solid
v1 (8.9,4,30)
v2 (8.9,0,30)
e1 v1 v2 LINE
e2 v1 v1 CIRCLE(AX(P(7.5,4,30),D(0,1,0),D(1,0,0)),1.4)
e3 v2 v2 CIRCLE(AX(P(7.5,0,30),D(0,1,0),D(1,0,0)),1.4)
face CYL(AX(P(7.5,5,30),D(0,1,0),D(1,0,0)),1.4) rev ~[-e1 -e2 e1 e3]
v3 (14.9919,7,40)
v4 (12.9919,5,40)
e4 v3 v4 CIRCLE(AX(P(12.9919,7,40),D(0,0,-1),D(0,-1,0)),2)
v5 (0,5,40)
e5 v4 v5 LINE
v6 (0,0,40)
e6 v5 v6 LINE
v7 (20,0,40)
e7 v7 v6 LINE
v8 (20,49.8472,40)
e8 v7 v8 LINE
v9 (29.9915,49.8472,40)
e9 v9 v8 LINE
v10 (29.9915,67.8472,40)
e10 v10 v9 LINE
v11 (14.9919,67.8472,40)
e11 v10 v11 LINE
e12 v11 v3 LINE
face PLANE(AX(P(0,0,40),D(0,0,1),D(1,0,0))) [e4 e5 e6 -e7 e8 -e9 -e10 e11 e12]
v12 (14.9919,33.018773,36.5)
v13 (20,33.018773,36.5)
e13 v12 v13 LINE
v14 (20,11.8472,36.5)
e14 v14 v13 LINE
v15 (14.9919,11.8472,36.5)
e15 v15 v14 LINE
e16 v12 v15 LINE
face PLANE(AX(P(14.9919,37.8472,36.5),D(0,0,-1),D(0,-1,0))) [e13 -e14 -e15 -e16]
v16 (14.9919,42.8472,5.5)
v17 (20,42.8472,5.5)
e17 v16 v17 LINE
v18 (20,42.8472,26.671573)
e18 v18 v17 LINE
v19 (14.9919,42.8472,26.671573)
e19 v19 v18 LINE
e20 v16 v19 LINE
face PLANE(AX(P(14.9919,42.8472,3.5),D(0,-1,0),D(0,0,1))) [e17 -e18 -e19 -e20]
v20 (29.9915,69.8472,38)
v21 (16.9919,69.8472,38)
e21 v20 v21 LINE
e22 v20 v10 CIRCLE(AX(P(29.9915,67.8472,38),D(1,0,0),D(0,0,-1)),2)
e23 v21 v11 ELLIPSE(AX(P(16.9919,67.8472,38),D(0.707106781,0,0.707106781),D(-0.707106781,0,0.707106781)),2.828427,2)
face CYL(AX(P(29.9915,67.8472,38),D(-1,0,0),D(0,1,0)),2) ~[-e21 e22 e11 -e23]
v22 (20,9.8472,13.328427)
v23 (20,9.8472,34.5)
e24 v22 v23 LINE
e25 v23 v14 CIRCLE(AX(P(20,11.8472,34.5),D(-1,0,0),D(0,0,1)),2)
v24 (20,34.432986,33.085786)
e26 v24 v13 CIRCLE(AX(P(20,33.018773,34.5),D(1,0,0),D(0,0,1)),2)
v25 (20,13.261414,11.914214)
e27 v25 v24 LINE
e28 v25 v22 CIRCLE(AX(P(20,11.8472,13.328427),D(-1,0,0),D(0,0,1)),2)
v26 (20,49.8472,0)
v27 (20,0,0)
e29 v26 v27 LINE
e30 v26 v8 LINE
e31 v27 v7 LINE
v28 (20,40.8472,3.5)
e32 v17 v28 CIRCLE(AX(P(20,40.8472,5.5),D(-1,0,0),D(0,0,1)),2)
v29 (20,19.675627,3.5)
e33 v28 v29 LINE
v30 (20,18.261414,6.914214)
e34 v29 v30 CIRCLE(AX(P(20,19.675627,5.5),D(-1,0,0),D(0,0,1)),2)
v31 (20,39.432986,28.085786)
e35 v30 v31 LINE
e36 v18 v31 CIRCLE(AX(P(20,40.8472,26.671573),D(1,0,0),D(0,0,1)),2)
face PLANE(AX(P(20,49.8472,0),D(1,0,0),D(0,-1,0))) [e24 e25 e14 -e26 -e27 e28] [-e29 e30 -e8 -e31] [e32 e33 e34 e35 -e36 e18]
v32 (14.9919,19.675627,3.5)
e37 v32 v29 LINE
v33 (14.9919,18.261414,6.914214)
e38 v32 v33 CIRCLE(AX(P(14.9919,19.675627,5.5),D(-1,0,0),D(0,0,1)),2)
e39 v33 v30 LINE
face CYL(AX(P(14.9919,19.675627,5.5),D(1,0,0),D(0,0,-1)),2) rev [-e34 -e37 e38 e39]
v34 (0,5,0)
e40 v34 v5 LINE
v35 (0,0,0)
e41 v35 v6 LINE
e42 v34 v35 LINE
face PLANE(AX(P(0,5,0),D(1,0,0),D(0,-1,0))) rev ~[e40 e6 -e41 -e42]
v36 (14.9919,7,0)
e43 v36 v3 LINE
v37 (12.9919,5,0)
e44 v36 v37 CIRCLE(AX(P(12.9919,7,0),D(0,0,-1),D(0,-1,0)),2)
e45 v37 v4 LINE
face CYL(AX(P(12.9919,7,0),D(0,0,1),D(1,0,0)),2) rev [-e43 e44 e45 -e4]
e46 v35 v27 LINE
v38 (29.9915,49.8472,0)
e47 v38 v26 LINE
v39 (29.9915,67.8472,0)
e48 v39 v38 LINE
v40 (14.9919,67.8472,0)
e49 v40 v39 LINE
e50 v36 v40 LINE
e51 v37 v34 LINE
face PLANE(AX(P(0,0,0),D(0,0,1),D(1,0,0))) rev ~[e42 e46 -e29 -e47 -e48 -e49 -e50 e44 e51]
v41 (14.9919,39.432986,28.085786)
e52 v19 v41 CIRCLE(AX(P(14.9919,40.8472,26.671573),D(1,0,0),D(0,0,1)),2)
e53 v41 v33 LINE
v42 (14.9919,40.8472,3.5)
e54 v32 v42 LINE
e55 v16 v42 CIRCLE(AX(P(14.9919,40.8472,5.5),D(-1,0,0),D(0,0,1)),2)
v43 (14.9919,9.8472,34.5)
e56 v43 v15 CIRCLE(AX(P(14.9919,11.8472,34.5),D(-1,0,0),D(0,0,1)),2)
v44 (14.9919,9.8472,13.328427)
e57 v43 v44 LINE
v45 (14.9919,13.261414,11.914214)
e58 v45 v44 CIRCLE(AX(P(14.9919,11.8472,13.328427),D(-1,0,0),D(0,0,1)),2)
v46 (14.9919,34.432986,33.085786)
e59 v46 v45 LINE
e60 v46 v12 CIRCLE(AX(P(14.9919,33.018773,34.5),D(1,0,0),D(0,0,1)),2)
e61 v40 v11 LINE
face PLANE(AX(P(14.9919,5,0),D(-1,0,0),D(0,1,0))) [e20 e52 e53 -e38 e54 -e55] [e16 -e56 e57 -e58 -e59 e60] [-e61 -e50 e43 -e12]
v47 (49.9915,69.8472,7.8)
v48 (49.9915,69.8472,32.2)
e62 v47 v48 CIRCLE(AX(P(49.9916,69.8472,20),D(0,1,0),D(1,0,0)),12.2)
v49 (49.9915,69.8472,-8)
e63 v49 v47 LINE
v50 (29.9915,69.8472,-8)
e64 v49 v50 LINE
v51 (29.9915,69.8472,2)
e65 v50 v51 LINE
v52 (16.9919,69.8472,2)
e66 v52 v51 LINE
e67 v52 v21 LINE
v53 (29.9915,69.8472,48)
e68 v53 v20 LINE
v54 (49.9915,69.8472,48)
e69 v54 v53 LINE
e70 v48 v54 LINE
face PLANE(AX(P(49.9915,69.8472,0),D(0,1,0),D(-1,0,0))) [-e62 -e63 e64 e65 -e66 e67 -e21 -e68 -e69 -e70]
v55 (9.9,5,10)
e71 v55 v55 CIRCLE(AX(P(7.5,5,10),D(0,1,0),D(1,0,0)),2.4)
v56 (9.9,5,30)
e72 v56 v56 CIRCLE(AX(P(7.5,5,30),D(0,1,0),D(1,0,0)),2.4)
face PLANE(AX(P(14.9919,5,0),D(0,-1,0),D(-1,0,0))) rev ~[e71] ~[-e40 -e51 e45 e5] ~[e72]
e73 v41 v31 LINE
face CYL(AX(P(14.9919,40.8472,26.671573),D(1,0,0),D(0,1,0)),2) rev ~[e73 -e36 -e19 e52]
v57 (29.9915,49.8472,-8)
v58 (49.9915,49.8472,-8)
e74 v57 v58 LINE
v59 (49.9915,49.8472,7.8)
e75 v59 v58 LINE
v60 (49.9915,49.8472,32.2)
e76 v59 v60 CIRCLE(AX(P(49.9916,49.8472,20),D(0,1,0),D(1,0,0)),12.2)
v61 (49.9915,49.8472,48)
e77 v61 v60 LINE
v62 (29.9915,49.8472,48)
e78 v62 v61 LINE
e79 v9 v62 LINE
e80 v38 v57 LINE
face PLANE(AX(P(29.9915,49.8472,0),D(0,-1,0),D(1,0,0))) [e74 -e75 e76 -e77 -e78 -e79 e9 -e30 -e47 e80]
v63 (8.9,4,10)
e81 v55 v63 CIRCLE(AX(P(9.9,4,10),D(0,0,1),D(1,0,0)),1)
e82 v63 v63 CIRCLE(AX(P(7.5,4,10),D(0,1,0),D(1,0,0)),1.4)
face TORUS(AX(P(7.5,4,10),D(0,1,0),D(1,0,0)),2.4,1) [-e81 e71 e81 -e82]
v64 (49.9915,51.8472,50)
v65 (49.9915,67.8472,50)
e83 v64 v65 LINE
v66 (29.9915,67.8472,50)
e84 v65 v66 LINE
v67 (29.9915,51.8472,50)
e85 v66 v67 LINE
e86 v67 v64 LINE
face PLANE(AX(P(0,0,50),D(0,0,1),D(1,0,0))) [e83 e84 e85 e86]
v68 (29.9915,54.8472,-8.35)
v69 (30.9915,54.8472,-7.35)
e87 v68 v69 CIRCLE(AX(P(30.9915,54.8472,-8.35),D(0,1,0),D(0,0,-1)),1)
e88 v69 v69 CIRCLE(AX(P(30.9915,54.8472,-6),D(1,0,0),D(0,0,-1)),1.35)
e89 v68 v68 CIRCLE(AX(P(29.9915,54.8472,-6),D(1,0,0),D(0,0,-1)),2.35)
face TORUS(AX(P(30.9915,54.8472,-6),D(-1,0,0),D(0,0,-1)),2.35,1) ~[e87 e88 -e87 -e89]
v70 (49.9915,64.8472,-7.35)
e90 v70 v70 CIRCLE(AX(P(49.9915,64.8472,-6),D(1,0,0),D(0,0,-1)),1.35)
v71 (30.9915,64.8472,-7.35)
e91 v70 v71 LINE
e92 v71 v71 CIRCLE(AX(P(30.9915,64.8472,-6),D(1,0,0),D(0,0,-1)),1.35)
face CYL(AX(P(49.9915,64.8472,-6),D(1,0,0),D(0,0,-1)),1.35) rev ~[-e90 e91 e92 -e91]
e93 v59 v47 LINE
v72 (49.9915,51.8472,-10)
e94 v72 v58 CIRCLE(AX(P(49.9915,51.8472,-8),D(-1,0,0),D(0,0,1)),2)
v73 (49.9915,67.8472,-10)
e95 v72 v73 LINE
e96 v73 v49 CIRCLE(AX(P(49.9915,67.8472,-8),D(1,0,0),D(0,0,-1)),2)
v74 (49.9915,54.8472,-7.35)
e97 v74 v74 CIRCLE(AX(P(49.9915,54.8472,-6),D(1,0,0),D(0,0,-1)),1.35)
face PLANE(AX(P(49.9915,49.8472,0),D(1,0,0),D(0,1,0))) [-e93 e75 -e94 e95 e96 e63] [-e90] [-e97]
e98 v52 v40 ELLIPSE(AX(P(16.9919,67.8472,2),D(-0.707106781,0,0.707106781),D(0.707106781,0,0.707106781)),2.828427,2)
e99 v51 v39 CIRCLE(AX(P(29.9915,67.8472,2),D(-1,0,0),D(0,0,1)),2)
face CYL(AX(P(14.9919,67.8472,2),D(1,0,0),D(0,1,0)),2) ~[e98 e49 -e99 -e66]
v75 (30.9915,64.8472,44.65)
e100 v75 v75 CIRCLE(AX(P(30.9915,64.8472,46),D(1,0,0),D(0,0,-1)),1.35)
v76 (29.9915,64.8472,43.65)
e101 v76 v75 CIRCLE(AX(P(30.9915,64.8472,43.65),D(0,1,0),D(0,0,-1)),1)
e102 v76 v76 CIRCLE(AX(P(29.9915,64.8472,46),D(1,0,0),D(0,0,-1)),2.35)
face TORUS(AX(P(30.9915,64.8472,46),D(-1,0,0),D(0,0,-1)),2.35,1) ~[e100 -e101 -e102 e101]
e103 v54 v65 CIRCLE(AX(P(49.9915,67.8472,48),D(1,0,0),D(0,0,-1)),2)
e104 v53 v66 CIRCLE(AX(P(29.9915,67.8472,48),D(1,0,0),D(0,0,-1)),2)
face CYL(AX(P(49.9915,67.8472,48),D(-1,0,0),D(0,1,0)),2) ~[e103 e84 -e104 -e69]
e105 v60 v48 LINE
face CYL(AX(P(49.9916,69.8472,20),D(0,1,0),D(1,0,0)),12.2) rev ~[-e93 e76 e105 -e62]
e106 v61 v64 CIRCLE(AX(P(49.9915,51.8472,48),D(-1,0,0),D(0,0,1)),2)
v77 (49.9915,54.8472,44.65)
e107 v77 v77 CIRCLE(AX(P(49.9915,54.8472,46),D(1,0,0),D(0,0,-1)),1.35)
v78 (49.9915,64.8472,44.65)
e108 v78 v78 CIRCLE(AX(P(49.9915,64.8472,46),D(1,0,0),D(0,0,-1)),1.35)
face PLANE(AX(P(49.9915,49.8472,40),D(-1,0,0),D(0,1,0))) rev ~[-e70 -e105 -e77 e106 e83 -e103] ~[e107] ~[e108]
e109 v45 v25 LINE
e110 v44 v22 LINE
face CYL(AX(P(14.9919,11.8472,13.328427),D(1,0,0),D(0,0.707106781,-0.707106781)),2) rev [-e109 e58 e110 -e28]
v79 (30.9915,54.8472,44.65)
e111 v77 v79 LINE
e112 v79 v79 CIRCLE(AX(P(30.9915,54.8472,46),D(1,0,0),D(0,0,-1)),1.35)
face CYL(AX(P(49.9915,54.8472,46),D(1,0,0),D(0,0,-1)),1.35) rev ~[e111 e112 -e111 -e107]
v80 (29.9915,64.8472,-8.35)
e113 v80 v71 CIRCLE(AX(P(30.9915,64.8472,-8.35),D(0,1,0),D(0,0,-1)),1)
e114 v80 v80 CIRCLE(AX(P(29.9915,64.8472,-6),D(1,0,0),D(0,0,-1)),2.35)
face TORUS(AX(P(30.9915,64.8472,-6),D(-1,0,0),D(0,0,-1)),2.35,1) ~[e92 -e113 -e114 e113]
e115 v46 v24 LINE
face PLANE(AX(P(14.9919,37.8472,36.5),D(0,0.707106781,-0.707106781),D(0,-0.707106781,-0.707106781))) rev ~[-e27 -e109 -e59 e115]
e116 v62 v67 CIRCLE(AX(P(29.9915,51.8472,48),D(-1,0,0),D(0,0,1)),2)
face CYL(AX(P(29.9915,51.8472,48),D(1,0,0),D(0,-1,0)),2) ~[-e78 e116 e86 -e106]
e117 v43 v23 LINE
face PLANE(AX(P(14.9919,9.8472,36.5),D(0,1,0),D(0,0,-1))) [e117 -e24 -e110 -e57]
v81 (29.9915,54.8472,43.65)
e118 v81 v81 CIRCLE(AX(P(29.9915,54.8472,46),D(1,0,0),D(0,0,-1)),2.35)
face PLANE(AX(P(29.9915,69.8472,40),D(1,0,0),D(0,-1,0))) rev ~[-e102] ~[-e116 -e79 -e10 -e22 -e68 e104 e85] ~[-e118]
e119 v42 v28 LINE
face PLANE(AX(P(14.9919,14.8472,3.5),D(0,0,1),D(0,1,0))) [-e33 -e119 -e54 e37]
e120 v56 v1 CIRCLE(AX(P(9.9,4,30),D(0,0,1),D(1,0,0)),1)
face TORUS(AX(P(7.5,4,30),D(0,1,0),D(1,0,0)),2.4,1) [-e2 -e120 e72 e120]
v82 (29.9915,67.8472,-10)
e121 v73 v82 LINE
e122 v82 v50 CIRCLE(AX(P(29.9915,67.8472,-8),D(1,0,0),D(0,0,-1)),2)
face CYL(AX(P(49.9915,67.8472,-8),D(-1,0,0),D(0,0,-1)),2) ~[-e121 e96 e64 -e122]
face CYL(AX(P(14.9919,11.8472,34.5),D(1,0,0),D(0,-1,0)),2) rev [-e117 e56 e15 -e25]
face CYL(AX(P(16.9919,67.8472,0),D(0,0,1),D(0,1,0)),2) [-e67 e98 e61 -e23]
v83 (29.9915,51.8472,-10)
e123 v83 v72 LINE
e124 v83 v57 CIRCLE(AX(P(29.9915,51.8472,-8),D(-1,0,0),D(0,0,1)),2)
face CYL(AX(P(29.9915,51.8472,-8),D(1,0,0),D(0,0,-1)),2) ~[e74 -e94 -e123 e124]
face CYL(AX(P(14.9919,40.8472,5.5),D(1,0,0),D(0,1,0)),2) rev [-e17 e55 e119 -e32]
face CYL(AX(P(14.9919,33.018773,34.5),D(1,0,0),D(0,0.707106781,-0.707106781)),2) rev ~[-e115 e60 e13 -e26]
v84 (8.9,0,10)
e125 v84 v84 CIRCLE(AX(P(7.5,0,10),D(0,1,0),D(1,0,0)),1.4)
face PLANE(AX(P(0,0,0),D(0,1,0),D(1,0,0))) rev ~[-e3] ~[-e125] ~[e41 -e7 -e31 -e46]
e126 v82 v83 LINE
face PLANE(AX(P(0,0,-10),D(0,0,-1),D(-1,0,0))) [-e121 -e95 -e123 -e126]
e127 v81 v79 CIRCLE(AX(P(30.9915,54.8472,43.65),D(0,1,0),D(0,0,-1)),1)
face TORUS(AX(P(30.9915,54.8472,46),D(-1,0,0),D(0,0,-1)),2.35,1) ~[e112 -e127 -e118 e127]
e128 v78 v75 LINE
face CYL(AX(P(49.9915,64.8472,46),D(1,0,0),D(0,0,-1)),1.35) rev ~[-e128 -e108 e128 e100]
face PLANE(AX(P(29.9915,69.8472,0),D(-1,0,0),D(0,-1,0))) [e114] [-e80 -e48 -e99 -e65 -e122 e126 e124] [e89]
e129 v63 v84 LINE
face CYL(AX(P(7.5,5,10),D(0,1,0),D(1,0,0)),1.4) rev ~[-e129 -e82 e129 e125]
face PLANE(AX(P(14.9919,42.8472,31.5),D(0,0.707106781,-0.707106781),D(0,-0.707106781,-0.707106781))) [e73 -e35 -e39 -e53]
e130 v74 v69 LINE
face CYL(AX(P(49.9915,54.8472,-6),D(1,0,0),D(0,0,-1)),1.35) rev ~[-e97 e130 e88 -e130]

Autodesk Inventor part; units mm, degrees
ref_plane "YZ Plane" through (0, 0, 0) normal (1, 0, 0) x (0, 1, 0)
ref_plane "XZ Plane" through (0, 0, 0) normal (0, 1, 0) x (-1, 0, 0)
ref_plane "XY Plane" through (0, 0, 0) normal (0, 0, 1) x (1, 0, 0)
sketch "Sketch1" plane through (0, 0, 0) normal (0, 0, 1) x (1, 0, 0)
  line L0 (0, 0) -> (20, 0)
  line L1 (20, 0) -> (20, 5)
  line L2 (14.9919, 5) -> (0, 5)
  line L3 (0, 5) -> (0, 0)
  line L4 (20, 0) -> (10.3687, 0)
  line L5 (14.9919, 5) -> (14.9919, 69.8472)
  line L6 (14.9919, 69.8472) -> (24.9919, 69.8472)
  line L7 (20, 49.8472) -> (20, 0)
  line L8 (14.9919, 69.8472) -> (49.9915, 69.8472)
  line L9 (49.9915, 69.8472) -> (49.9915, 49.8472)
  line L10 (49.9915, 49.8472) -> (20, 49.8472)
  line L11 (14.9919, 50) -> (14.9919, 69.8472)
  dimension "d0" = 20
  dimension "d1" = 5
  dimension "d2" = 10
  dimension "d4" = 35
  dimension "d5" = 20
  dimension "d37" = 64.8472
  dimension "d38" = 49.8472
extrude "Extrusion1" add sketch "Sketch1" along normal blind 40
sketch "Sketch2" plane through (14.9919, 69.8472, 0) normal (0, 1, 0) x (1, 0, 0)
  line L0 (34.9997, 0) -> (34.9997, -40) projected
  circle A0 centre (34.9997, -20) radius 12.2
  point P0 (-14.9919, 0)
  point P1 (34.9997, -32.2)
  point P2 (34.9997, -7.8)
  dimension "d8" = 24.4
extrude "Extrusion2" cut sketch "Sketch2" against normal blind 30 contours L0 A0 picked at (30.3566, -23.0439)
sketch "Sketch4" plane through (0, 0, 40) normal (0, 0, 1) x (1, 0, 0)
  line L0 (49.9915, 69.8472) -> (14.9919, 69.8472) projected
  line L1 (49.9915, 69.8472) -> (29.9915, 69.8472)
  line L2 (29.9915, 69.8472) -> (29.9915, 49.8472)
  line L3 (29.9915, 49.8472) -> (49.9915, 49.8472)
  line L4 (49.9915, 49.8472) -> (49.9915, 69.8472)
  point P0 (0, 0)
  dimension "d17" = 20
  dimension "d18" = 20
extrude "Extrusion4" add sketch "Sketch4" along normal blind 10
sketch "Sketch5" plane through (0, 0, 0) normal (0, 0, -1) x (-1, 0, 0)
  line L0 (-49.9915, 49.8472) -> (-49.9915, 69.8472) projected
  line L1 (-49.9915, 69.8472) -> (-29.9915, 69.8472)
  line L2 (-29.9915, 69.8472) -> (-29.9915, 49.8472)
  line L3 (-29.9915, 49.8472) -> (-49.9915, 49.8472)
  line L4 (-49.9915, 49.8472) -> (-49.9915, 69.8472)
  point P0 (0, 0)
  dimension "d21" = 20
  dimension "d22" = 20
extrude "Extrusion5" add sketch "Sketch5" along normal blind 10
sketch "Sketch6" plane through (49.9915, 49.8472, 32.2) normal (1, 0, 0) x (0, 0, -1)
  circle A0 centre (-13.8, 15) radius 1.35
  line L0 (-17.8, 0) -> (-17.8, 20) projected
  line L1 (0, 20) -> (-17.8, 20) projected
  line L2 (-17.8, 10) -> (42.2, 10)
  line L3 (42.2, 0) -> (42.2, 20) projected
  circle A1 centre (-13.8, 5) radius 1.35
  line L4 (32.2, 20) -> (-7.8, 20) projected
  line L5 (12.2, 20) -> (12.2, 0)
  line L6 (32.2, 0) -> (-7.8, 0) projected
  circle A2 centre (38.2, 15) radius 1.35
  circle A3 centre (38.2, 5) radius 1.35
  point P0 (32.2, -49.8472)
  dimension "d25" = 2.7
  dimension "d26" = 4
  dimension "d27" = 5
extrude "Extrusion6" cut sketch "Sketch6" against normal through all contours A0 | A1 | A2 | A3
sketch "Sketch7" plane through (0, 5, 0) normal (0, 1, 0) x (1, 0, 0)
  circle A0 centre (7.5, -30) radius 1.4
  line L0 (0, 0) -> (0, -40) projected
  line L1 (14.9919, -40) -> (0, -40) projected
  line L2 (14.9919, 0) -> (14.9919, -40) projected
  line L3 (14.9919, -20) -> (0, -20)
  circle A1 centre (7.5, -10) radius 1.4
  dimension "d30" = 2.8
  dimension "d31" = 7.5
  dimension "d32" = 10
extrude "Extrusion7" cut sketch "Sketch7" against normal through all contours A0 | A1
fillet "Fillet1" radius 2 2 edges at (39.9915, 69.8472, 50) (39.9915, 49.8472, 50)
fillet "Fillet2" radius 2 1 edges at (39.9915, 69.8472, -10)
fillet "Fillet3" radius 2 1 edges at (39.9915, 49.8472, -10)
fillet "Fillet4" radius 2 3 edges at (22.4917, 69.8472, 40) (22.4917, 69.8472, 0) (14.9919, 69.8472, 20)
fillet "Fillet5" radius 1 1 edges at (6.1, 5, 10)
fillet "Fillet6" radius 1 1 edges at (6.1, 5, 30)
fillet "Fillet7" radius 1 2 edges at (29.9915, 64.8472, -4.65) (29.9915, 54.8472, -4.65)
fillet "Fillet8" radius 1 2 edges at (29.9915, 64.8472, 47.35) (29.9915, 54.8472, 47.35)
sketch "Sketch8" plane through (14.9919, 5, 0) normal (-1, 0, 0) x (0, 0, 1)
  line L0 (0, -5) -> (0, 44.8472) projected
  line L1 (0, 0) -> (40, 0) projected
  line L2 (0, 44.8472) -> (40, 44.8472)
  line L3 (40, 44.8472) -> (40, 0)
  line L4 (40, 0) -> (0, 0)
  line L5 (0, 0) -> (0, 44.8472)
  line L6 (3.5, 37.8472) -> (36.5, 37.8472)
  line L7 (36.5, 37.8472) -> (36.5, 4.8472)
  line L8 (36.5, 4.8472) -> (3.5, 4.8472)
  line L9 (3.5, 4.8472) -> (3.5, 37.8472)
  line L10 (31.5, 37.8472) -> (3.5, 9.8472)
  line L11 (36.5, 32.8472) -> (8.5, 4.8472)
  point P0 (36.5, 21.3472)
  dimension "d47" = 33
  dimension "d48" = 33
  dimension "d49" = 3.5
  dimension "d50" = 7
  dimension "d51" = 5
  dimension "d52" = 5
  dimension "d53" = 5
  dimension "d54" = 5
extrude "Extrusion8" cut sketch "Sketch8" against normal blind 10 contours L6 L10 L9 | L7 L8 L11
fillet "Fillet9" radius 2 2 edges at (17.4959, 9.8472, 36.5) (17.4959, 9.8472, 8.5)
fillet "Fillet10" radius 2 1 edges at (17.4959, 14.8472, 3.5)
fillet "Fillet11" radius 2 1 edges at (17.4959, 42.8472, 31.5)
fillet "Fillet12" radius 2 1 edges at (17.4959, 42.8472, 3.5)
fillet "Fillet13" radius 2 1 edges at (17.4959, 37.8472, 36.5)
fillet "Fillet14" radius 2 1 edges at (14.9919, 5, 20)
sketch "Sketch9" plane through (29.9915, 51.8472, -10) normal (-1, 0, 0) x (0, 0, 1)
  point P0 (10, -51.8472)
sketch "Sketch10" plane through (29.9915, 51.8472, -10) normal (-1, 0, 0) x (0, 0, 1)
  point P0 (10, -51.8472)
sketch "Sketch11" plane through (29.9915, 51.8472, 50) normal (-1, 0, 0) x (0, 0, 1)
  point P0 (-50, -51.8472)
sketch "Sketch12" plane through (0, 5, 40) normal (0, 1, 0) x (1, 0, 0)
  point P0 (0, 40)
properties part number "alt blok"
